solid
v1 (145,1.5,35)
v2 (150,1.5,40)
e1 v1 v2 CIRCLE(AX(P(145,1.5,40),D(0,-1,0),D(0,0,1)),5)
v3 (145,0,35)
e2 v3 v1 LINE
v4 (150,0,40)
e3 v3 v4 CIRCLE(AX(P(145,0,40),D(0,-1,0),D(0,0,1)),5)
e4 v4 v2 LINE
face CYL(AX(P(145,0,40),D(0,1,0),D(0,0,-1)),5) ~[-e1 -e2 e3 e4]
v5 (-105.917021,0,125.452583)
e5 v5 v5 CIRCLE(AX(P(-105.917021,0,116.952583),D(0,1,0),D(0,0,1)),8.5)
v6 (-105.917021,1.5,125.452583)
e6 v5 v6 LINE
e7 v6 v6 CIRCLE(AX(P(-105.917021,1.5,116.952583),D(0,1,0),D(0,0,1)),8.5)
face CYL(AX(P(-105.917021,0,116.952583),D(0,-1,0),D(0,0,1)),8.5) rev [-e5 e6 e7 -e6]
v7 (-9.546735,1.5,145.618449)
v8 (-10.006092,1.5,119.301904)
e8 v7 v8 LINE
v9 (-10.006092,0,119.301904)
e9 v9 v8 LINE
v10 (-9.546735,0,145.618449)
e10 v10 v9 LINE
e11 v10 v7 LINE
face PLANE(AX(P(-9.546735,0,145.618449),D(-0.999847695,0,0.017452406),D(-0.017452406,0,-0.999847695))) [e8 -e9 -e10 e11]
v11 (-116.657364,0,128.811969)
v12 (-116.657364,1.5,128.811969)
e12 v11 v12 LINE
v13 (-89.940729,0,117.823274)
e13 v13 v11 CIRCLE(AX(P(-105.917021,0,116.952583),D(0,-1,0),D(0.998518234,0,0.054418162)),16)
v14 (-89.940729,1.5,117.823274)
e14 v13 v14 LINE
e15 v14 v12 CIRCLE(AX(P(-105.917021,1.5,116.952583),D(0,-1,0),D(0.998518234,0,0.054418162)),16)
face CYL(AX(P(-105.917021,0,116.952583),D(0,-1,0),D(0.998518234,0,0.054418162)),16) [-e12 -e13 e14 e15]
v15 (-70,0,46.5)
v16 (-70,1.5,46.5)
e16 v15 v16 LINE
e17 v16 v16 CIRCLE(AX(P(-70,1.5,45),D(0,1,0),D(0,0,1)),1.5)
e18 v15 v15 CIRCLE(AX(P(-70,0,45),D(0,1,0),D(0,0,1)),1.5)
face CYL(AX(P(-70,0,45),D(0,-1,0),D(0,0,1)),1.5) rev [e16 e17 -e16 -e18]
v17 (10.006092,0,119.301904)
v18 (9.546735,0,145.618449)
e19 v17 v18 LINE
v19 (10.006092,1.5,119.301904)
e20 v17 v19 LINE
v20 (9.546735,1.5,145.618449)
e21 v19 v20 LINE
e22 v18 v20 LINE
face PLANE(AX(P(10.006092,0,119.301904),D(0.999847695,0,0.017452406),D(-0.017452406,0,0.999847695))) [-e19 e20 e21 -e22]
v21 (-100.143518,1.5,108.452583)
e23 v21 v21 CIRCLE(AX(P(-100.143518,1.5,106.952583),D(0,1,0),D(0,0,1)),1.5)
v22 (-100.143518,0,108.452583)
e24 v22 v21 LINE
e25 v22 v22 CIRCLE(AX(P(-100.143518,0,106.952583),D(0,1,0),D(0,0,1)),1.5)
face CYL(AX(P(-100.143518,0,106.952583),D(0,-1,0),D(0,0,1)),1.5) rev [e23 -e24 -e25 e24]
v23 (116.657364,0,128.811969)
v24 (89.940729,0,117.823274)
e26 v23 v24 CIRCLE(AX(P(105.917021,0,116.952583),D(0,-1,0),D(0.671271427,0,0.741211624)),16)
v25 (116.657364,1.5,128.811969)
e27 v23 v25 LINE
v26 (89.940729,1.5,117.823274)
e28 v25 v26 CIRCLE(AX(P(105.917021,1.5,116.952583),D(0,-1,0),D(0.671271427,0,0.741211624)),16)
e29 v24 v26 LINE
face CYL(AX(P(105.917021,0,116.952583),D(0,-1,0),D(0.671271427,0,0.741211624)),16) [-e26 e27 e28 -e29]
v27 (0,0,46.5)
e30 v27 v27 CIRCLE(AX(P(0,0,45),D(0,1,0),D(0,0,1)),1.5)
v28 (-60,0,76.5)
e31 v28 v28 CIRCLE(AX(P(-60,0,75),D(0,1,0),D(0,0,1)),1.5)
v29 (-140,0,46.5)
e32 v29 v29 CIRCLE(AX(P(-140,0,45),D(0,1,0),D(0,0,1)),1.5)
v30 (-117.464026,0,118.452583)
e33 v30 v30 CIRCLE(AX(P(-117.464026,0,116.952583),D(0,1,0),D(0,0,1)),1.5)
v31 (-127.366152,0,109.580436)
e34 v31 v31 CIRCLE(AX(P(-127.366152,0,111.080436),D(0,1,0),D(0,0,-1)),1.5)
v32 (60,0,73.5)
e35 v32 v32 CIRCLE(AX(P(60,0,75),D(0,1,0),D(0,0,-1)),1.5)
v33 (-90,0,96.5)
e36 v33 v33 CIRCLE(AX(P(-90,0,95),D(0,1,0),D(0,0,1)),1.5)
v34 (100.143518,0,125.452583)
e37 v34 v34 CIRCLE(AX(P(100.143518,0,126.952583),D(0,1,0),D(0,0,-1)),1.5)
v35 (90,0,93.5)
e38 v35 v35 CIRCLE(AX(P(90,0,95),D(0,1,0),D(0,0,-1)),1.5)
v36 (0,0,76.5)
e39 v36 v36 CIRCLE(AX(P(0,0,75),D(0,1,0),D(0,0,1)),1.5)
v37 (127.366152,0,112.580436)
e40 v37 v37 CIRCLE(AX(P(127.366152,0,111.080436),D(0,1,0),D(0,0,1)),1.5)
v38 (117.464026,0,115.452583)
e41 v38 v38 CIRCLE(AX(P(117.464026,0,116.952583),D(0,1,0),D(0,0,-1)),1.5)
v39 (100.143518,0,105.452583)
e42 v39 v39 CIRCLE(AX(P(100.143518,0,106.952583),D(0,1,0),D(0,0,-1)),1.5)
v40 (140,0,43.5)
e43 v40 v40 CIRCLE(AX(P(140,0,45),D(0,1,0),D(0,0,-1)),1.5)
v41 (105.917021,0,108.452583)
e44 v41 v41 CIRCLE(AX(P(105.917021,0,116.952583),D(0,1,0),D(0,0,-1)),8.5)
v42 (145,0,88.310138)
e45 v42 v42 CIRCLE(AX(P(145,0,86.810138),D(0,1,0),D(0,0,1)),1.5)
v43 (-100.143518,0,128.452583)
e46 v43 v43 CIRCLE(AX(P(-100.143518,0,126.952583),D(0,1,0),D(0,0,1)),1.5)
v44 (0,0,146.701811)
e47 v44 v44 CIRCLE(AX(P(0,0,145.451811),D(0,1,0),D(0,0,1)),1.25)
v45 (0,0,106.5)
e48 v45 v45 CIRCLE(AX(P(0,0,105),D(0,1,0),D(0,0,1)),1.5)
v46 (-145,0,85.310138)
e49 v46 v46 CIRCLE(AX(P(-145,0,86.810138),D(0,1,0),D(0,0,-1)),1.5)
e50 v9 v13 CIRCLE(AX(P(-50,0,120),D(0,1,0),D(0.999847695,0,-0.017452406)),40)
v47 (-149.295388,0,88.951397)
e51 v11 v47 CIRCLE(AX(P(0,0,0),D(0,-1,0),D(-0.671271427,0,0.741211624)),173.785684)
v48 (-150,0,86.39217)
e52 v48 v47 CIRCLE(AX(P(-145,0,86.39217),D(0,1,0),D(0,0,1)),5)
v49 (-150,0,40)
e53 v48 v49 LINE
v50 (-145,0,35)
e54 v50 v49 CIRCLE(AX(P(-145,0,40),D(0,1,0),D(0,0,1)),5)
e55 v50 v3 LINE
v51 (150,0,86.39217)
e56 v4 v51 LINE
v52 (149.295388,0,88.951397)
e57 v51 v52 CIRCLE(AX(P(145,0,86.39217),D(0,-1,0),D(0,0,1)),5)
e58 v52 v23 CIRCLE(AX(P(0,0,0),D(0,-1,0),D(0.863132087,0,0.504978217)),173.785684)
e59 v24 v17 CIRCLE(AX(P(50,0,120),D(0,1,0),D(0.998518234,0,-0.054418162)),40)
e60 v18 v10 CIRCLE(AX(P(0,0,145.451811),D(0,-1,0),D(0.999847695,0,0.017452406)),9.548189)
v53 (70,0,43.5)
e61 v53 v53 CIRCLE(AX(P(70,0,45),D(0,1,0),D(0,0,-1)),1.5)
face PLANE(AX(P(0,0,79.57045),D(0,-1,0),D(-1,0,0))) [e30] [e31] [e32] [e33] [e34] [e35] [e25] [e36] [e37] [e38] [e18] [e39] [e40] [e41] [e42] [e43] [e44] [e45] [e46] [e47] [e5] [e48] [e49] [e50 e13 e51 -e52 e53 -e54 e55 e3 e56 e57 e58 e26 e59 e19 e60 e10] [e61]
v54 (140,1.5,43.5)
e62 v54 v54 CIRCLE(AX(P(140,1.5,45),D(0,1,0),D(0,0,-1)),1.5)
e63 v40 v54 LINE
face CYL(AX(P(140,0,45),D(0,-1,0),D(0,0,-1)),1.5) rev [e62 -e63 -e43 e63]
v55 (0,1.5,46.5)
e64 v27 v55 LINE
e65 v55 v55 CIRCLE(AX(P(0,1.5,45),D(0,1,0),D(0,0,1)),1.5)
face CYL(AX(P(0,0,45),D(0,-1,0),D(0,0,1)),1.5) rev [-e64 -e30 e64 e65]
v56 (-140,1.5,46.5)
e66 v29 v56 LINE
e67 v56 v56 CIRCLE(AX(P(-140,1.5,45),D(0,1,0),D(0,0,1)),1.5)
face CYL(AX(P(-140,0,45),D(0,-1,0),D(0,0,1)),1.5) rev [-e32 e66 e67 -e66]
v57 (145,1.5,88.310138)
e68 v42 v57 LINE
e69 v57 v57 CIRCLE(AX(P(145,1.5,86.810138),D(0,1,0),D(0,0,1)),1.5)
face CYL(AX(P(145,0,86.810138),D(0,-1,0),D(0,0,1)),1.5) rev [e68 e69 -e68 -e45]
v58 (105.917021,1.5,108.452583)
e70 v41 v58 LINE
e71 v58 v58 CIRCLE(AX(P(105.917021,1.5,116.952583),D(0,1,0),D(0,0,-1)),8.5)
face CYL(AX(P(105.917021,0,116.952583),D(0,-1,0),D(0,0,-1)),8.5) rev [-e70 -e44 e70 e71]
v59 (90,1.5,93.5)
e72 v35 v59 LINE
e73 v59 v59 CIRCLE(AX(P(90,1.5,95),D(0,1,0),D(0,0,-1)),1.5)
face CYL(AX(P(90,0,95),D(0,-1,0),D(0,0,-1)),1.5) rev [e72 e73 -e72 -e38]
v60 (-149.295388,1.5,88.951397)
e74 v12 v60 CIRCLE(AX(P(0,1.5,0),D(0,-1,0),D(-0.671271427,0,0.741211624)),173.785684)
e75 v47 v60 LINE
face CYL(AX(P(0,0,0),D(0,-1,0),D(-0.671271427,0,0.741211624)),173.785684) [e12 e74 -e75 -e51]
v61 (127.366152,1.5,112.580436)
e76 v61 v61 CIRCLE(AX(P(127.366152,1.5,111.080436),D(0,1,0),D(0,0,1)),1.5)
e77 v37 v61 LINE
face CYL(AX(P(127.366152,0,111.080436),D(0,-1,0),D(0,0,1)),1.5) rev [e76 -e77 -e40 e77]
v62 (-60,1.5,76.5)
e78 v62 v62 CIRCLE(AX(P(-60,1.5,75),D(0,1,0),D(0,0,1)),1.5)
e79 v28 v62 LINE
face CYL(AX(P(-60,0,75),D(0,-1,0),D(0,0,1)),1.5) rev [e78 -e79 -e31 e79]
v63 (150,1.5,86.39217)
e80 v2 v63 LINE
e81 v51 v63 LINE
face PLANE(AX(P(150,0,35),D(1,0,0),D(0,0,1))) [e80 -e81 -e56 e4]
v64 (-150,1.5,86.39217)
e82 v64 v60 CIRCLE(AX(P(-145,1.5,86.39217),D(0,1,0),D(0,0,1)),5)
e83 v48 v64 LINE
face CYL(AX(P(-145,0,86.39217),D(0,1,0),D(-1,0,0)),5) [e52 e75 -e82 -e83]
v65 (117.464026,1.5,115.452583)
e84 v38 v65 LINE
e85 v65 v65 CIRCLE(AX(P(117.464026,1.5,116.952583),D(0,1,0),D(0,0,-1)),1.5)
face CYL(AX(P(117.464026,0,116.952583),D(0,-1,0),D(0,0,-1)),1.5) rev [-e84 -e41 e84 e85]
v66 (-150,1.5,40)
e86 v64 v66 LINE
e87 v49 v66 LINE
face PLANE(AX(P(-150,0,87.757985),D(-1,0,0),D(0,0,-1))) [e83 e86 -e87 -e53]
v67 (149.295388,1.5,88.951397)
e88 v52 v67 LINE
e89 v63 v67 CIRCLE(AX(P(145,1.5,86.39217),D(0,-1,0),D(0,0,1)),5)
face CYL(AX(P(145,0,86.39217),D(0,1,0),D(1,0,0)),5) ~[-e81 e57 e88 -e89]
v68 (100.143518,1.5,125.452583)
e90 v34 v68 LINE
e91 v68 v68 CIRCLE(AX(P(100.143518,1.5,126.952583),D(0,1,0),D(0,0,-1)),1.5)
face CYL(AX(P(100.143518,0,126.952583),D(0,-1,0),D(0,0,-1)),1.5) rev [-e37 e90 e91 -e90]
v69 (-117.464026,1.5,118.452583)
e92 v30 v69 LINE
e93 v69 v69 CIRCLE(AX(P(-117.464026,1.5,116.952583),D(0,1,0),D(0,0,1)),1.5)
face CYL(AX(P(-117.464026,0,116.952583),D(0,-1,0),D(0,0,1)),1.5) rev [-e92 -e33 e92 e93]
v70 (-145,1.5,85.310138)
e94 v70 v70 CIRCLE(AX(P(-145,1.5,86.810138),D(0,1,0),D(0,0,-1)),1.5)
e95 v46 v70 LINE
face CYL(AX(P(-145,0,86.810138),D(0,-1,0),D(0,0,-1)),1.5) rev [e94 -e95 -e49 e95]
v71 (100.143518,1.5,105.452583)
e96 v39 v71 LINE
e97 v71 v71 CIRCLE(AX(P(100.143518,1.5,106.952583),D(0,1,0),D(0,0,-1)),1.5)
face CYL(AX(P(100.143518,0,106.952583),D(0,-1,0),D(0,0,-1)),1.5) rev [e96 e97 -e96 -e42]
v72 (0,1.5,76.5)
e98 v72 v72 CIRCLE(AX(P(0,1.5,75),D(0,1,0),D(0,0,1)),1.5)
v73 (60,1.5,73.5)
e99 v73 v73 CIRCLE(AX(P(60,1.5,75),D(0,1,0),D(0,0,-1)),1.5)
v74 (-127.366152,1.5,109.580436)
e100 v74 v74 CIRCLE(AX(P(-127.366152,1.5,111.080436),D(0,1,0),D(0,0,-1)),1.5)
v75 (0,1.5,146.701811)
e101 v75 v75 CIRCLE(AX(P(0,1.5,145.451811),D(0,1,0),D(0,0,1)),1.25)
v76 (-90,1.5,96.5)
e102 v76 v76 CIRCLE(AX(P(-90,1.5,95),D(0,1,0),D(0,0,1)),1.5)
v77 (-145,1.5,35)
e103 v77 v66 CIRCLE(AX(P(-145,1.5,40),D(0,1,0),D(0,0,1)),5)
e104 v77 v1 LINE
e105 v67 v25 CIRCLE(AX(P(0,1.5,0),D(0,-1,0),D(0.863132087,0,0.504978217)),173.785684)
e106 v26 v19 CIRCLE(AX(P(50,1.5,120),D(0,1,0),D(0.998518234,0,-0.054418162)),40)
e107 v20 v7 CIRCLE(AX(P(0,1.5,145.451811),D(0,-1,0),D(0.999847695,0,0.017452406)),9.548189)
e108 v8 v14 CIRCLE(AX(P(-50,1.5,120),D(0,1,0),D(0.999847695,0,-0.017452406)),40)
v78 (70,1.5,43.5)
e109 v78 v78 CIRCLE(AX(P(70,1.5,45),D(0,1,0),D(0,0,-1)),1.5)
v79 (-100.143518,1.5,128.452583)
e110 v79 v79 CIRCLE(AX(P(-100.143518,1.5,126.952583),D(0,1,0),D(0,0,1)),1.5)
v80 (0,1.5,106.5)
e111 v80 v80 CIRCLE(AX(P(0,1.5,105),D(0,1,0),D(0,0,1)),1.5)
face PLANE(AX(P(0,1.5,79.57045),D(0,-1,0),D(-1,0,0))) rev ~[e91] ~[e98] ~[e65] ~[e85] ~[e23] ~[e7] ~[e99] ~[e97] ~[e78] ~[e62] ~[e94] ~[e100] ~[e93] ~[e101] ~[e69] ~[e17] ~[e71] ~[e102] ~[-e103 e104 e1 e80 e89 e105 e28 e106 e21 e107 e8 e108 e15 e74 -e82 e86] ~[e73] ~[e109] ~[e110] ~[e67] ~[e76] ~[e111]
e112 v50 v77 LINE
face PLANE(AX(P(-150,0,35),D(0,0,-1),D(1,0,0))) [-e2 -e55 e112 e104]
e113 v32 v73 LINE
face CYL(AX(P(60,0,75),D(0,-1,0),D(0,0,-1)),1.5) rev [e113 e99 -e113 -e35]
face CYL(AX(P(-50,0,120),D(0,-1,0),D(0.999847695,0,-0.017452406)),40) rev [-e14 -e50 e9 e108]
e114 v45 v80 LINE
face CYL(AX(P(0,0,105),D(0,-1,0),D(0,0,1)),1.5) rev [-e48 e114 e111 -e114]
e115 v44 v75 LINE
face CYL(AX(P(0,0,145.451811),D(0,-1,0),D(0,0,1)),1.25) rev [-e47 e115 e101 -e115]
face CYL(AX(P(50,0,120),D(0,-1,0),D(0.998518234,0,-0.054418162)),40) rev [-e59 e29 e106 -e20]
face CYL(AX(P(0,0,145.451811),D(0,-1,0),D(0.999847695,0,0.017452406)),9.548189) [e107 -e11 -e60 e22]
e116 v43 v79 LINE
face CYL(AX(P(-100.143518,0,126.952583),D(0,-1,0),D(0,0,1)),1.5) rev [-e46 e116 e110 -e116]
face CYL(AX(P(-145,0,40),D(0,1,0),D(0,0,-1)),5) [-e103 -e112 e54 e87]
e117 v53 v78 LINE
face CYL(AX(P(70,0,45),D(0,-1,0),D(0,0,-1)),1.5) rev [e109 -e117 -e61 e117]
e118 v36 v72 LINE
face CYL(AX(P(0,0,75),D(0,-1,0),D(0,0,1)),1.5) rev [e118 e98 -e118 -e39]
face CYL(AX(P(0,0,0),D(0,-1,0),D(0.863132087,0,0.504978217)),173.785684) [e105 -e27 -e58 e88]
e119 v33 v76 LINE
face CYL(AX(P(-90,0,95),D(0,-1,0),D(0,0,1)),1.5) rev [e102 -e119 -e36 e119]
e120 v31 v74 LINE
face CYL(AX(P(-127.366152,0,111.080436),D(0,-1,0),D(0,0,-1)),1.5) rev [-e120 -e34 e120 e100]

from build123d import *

# Parameters (mm, degrees)
ESQUISSE1_R        = 1.5
ESQUISSE1_R_2      = 8.5
ESQUISSE1_R_3      = 1.25
BOSS_EXTRU_1_DEPTH = 1.5
CONG_1_R           = 5


with BuildPart() as part:
    # Esquisse1 → Boss.-Extru.1 (new body)
    with BuildSketch(Plane(origin=(0, 0, 0), x_dir=(1, 0, 0), z_dir=(0, 1, 0))):
        with BuildLine():
            Line((-150, -35), (150, -35))
            Line((150, -35), (150, -87.757984761))
            ThreePointArc((150, -87.757984761), (134.899573158, -109.560800704), (116.657363934, -128.81196889))
            ThreePointArc((116.657363934, -128.81196889), (99.830836188, -131.749824312), (89.940729359, -117.823273505))
            ThreePointArc((89.940729359, -117.823273505), (49.2602069, -80.006841758), (10.006092194, -119.301903743))
            Line((10.006092194, -119.301903743), (9.546735179, -145.618449467))
            ThreePointArc((9.546735179, -145.618449467), (0, -155), (-9.546735179, -145.618449467))
            Line((-9.546735179, -145.618449467), (-10.006092194, -119.301903743))
            ThreePointArc((-10.006092194, -119.301903743), (-49.2602069, -80.006841758), (-89.940729359, -117.823273505))
            ThreePointArc((-89.940729359, -117.823273505), (-99.830836188, -131.749824312), (-116.657363934, -128.81196889))
            ThreePointArc((-116.657363934, -128.81196889), (-134.899573158, -109.560800704), (-150, -87.757984761))
            Line((-150, -87.757984761), (-150, -35))
        make_face()
        with Locations(Location((-70, -45, 0), (0, 0, 270))):
            Circle(ESQUISSE1_R, mode=Mode.SUBTRACT)
        with Locations(Location((0, -45, 0), (0, 0, 270))):
            Circle(ESQUISSE1_R, mode=Mode.SUBTRACT)
        with Locations(Location((105.917021103, -116.952582907, 0), (0, 0, 90))):
            Circle(ESQUISSE1_R_2, mode=Mode.SUBTRACT)
        with Locations(Location((-105.917021103, -116.952582907, 0), (0, 0, 270))):
            Circle(ESQUISSE1_R_2, mode=Mode.SUBTRACT)
        with Locations(Location((-100.143518411, -106.952582907, 0), (0, 0, 270))):
            Circle(ESQUISSE1_R, mode=Mode.SUBTRACT)
        with Locations(Location((70, -45, 0), (0, 0, 90))):
            Circle(ESQUISSE1_R, mode=Mode.SUBTRACT)
        with Locations(Location((-100.143518411, -126.952582907, 0), (0, 0, 270))):
            Circle(ESQUISSE1_R, mode=Mode.SUBTRACT)
        with Locations(Location((-117.464026487, -116.952582907, 0), (0, 0, 270))):
            Circle(ESQUISSE1_R, mode=Mode.SUBTRACT)
        with Locations(Location((100.143518411, -126.952582907, 0), (0, 0, 90))):
            Circle(ESQUISSE1_R, mode=Mode.SUBTRACT)
        with Locations(Location((117.464026487, -116.952582907, 0), (0, 0, 90))):
            Circle(ESQUISSE1_R, mode=Mode.SUBTRACT)
        with Locations(Location((-140, -45, 0), (0, 0, 270))):
            Circle(ESQUISSE1_R, mode=Mode.SUBTRACT)
        with Locations(Location((140, -45, 0), (0, 0, 90))):
            Circle(ESQUISSE1_R, mode=Mode.SUBTRACT)
        with Locations(Location((100.143518411, -106.952582907, 0), (0, 0, 90))):
            Circle(ESQUISSE1_R, mode=Mode.SUBTRACT)
        with Locations(Location((0, -145.451810585, 0), (0, 0, 270))):
            Circle(ESQUISSE1_R_3, mode=Mode.SUBTRACT)
        with Locations(Location((-60, -75, 0), (0, 0, 270))):
            Circle(ESQUISSE1_R, mode=Mode.SUBTRACT)
        with Locations(Location((-90, -95, 0), (0, 0, 270))):
            Circle(ESQUISSE1_R, mode=Mode.SUBTRACT)
        with Locations(Location((90, -95, 0), (0, 0, 90))):
            Circle(ESQUISSE1_R, mode=Mode.SUBTRACT)
        with Locations(Location((60, -75, 0), (0, 0, 90))):
            Circle(ESQUISSE1_R, mode=Mode.SUBTRACT)
        with Locations(Location((0, -105, 0), (0, 0, 270))):
            Circle(ESQUISSE1_R, mode=Mode.SUBTRACT)
        with Locations(Location((0, -75, 0), (0, 0, 270))):
            Circle(ESQUISSE1_R, mode=Mode.SUBTRACT)
        with Locations(Location((145, -86.810137657, 0), (0, 0, 270))):
            Circle(ESQUISSE1_R, mode=Mode.SUBTRACT)
        with Locations(Location((127.366151897, -111.0804364, 0), (0, 0, 270))):
            Circle(ESQUISSE1_R, mode=Mode.SUBTRACT)
        with Locations(Location((-127.366151897, -111.0804364, 0), (0, 0, 90))):
            Circle(ESQUISSE1_R, mode=Mode.SUBTRACT)
        with Locations(Location((-145, -86.810137657, 0), (0, 0, 90))):
            Circle(ESQUISSE1_R, mode=Mode.SUBTRACT)
    extrude(amount=BOSS_EXTRU_1_DEPTH)

    # Congé1
    cong_1_edges = [part.edges().sort_by_distance(p)[0] for p in [
        (-150, 0.75, 35),
        (150, 0.75, 35),
        (150, 0.75, 87.757984761),
        (-150, 0.75, 87.757984761),
    ]]
    fillet(cong_1_edges, radius=CONG_1_R)


solid = part.part
